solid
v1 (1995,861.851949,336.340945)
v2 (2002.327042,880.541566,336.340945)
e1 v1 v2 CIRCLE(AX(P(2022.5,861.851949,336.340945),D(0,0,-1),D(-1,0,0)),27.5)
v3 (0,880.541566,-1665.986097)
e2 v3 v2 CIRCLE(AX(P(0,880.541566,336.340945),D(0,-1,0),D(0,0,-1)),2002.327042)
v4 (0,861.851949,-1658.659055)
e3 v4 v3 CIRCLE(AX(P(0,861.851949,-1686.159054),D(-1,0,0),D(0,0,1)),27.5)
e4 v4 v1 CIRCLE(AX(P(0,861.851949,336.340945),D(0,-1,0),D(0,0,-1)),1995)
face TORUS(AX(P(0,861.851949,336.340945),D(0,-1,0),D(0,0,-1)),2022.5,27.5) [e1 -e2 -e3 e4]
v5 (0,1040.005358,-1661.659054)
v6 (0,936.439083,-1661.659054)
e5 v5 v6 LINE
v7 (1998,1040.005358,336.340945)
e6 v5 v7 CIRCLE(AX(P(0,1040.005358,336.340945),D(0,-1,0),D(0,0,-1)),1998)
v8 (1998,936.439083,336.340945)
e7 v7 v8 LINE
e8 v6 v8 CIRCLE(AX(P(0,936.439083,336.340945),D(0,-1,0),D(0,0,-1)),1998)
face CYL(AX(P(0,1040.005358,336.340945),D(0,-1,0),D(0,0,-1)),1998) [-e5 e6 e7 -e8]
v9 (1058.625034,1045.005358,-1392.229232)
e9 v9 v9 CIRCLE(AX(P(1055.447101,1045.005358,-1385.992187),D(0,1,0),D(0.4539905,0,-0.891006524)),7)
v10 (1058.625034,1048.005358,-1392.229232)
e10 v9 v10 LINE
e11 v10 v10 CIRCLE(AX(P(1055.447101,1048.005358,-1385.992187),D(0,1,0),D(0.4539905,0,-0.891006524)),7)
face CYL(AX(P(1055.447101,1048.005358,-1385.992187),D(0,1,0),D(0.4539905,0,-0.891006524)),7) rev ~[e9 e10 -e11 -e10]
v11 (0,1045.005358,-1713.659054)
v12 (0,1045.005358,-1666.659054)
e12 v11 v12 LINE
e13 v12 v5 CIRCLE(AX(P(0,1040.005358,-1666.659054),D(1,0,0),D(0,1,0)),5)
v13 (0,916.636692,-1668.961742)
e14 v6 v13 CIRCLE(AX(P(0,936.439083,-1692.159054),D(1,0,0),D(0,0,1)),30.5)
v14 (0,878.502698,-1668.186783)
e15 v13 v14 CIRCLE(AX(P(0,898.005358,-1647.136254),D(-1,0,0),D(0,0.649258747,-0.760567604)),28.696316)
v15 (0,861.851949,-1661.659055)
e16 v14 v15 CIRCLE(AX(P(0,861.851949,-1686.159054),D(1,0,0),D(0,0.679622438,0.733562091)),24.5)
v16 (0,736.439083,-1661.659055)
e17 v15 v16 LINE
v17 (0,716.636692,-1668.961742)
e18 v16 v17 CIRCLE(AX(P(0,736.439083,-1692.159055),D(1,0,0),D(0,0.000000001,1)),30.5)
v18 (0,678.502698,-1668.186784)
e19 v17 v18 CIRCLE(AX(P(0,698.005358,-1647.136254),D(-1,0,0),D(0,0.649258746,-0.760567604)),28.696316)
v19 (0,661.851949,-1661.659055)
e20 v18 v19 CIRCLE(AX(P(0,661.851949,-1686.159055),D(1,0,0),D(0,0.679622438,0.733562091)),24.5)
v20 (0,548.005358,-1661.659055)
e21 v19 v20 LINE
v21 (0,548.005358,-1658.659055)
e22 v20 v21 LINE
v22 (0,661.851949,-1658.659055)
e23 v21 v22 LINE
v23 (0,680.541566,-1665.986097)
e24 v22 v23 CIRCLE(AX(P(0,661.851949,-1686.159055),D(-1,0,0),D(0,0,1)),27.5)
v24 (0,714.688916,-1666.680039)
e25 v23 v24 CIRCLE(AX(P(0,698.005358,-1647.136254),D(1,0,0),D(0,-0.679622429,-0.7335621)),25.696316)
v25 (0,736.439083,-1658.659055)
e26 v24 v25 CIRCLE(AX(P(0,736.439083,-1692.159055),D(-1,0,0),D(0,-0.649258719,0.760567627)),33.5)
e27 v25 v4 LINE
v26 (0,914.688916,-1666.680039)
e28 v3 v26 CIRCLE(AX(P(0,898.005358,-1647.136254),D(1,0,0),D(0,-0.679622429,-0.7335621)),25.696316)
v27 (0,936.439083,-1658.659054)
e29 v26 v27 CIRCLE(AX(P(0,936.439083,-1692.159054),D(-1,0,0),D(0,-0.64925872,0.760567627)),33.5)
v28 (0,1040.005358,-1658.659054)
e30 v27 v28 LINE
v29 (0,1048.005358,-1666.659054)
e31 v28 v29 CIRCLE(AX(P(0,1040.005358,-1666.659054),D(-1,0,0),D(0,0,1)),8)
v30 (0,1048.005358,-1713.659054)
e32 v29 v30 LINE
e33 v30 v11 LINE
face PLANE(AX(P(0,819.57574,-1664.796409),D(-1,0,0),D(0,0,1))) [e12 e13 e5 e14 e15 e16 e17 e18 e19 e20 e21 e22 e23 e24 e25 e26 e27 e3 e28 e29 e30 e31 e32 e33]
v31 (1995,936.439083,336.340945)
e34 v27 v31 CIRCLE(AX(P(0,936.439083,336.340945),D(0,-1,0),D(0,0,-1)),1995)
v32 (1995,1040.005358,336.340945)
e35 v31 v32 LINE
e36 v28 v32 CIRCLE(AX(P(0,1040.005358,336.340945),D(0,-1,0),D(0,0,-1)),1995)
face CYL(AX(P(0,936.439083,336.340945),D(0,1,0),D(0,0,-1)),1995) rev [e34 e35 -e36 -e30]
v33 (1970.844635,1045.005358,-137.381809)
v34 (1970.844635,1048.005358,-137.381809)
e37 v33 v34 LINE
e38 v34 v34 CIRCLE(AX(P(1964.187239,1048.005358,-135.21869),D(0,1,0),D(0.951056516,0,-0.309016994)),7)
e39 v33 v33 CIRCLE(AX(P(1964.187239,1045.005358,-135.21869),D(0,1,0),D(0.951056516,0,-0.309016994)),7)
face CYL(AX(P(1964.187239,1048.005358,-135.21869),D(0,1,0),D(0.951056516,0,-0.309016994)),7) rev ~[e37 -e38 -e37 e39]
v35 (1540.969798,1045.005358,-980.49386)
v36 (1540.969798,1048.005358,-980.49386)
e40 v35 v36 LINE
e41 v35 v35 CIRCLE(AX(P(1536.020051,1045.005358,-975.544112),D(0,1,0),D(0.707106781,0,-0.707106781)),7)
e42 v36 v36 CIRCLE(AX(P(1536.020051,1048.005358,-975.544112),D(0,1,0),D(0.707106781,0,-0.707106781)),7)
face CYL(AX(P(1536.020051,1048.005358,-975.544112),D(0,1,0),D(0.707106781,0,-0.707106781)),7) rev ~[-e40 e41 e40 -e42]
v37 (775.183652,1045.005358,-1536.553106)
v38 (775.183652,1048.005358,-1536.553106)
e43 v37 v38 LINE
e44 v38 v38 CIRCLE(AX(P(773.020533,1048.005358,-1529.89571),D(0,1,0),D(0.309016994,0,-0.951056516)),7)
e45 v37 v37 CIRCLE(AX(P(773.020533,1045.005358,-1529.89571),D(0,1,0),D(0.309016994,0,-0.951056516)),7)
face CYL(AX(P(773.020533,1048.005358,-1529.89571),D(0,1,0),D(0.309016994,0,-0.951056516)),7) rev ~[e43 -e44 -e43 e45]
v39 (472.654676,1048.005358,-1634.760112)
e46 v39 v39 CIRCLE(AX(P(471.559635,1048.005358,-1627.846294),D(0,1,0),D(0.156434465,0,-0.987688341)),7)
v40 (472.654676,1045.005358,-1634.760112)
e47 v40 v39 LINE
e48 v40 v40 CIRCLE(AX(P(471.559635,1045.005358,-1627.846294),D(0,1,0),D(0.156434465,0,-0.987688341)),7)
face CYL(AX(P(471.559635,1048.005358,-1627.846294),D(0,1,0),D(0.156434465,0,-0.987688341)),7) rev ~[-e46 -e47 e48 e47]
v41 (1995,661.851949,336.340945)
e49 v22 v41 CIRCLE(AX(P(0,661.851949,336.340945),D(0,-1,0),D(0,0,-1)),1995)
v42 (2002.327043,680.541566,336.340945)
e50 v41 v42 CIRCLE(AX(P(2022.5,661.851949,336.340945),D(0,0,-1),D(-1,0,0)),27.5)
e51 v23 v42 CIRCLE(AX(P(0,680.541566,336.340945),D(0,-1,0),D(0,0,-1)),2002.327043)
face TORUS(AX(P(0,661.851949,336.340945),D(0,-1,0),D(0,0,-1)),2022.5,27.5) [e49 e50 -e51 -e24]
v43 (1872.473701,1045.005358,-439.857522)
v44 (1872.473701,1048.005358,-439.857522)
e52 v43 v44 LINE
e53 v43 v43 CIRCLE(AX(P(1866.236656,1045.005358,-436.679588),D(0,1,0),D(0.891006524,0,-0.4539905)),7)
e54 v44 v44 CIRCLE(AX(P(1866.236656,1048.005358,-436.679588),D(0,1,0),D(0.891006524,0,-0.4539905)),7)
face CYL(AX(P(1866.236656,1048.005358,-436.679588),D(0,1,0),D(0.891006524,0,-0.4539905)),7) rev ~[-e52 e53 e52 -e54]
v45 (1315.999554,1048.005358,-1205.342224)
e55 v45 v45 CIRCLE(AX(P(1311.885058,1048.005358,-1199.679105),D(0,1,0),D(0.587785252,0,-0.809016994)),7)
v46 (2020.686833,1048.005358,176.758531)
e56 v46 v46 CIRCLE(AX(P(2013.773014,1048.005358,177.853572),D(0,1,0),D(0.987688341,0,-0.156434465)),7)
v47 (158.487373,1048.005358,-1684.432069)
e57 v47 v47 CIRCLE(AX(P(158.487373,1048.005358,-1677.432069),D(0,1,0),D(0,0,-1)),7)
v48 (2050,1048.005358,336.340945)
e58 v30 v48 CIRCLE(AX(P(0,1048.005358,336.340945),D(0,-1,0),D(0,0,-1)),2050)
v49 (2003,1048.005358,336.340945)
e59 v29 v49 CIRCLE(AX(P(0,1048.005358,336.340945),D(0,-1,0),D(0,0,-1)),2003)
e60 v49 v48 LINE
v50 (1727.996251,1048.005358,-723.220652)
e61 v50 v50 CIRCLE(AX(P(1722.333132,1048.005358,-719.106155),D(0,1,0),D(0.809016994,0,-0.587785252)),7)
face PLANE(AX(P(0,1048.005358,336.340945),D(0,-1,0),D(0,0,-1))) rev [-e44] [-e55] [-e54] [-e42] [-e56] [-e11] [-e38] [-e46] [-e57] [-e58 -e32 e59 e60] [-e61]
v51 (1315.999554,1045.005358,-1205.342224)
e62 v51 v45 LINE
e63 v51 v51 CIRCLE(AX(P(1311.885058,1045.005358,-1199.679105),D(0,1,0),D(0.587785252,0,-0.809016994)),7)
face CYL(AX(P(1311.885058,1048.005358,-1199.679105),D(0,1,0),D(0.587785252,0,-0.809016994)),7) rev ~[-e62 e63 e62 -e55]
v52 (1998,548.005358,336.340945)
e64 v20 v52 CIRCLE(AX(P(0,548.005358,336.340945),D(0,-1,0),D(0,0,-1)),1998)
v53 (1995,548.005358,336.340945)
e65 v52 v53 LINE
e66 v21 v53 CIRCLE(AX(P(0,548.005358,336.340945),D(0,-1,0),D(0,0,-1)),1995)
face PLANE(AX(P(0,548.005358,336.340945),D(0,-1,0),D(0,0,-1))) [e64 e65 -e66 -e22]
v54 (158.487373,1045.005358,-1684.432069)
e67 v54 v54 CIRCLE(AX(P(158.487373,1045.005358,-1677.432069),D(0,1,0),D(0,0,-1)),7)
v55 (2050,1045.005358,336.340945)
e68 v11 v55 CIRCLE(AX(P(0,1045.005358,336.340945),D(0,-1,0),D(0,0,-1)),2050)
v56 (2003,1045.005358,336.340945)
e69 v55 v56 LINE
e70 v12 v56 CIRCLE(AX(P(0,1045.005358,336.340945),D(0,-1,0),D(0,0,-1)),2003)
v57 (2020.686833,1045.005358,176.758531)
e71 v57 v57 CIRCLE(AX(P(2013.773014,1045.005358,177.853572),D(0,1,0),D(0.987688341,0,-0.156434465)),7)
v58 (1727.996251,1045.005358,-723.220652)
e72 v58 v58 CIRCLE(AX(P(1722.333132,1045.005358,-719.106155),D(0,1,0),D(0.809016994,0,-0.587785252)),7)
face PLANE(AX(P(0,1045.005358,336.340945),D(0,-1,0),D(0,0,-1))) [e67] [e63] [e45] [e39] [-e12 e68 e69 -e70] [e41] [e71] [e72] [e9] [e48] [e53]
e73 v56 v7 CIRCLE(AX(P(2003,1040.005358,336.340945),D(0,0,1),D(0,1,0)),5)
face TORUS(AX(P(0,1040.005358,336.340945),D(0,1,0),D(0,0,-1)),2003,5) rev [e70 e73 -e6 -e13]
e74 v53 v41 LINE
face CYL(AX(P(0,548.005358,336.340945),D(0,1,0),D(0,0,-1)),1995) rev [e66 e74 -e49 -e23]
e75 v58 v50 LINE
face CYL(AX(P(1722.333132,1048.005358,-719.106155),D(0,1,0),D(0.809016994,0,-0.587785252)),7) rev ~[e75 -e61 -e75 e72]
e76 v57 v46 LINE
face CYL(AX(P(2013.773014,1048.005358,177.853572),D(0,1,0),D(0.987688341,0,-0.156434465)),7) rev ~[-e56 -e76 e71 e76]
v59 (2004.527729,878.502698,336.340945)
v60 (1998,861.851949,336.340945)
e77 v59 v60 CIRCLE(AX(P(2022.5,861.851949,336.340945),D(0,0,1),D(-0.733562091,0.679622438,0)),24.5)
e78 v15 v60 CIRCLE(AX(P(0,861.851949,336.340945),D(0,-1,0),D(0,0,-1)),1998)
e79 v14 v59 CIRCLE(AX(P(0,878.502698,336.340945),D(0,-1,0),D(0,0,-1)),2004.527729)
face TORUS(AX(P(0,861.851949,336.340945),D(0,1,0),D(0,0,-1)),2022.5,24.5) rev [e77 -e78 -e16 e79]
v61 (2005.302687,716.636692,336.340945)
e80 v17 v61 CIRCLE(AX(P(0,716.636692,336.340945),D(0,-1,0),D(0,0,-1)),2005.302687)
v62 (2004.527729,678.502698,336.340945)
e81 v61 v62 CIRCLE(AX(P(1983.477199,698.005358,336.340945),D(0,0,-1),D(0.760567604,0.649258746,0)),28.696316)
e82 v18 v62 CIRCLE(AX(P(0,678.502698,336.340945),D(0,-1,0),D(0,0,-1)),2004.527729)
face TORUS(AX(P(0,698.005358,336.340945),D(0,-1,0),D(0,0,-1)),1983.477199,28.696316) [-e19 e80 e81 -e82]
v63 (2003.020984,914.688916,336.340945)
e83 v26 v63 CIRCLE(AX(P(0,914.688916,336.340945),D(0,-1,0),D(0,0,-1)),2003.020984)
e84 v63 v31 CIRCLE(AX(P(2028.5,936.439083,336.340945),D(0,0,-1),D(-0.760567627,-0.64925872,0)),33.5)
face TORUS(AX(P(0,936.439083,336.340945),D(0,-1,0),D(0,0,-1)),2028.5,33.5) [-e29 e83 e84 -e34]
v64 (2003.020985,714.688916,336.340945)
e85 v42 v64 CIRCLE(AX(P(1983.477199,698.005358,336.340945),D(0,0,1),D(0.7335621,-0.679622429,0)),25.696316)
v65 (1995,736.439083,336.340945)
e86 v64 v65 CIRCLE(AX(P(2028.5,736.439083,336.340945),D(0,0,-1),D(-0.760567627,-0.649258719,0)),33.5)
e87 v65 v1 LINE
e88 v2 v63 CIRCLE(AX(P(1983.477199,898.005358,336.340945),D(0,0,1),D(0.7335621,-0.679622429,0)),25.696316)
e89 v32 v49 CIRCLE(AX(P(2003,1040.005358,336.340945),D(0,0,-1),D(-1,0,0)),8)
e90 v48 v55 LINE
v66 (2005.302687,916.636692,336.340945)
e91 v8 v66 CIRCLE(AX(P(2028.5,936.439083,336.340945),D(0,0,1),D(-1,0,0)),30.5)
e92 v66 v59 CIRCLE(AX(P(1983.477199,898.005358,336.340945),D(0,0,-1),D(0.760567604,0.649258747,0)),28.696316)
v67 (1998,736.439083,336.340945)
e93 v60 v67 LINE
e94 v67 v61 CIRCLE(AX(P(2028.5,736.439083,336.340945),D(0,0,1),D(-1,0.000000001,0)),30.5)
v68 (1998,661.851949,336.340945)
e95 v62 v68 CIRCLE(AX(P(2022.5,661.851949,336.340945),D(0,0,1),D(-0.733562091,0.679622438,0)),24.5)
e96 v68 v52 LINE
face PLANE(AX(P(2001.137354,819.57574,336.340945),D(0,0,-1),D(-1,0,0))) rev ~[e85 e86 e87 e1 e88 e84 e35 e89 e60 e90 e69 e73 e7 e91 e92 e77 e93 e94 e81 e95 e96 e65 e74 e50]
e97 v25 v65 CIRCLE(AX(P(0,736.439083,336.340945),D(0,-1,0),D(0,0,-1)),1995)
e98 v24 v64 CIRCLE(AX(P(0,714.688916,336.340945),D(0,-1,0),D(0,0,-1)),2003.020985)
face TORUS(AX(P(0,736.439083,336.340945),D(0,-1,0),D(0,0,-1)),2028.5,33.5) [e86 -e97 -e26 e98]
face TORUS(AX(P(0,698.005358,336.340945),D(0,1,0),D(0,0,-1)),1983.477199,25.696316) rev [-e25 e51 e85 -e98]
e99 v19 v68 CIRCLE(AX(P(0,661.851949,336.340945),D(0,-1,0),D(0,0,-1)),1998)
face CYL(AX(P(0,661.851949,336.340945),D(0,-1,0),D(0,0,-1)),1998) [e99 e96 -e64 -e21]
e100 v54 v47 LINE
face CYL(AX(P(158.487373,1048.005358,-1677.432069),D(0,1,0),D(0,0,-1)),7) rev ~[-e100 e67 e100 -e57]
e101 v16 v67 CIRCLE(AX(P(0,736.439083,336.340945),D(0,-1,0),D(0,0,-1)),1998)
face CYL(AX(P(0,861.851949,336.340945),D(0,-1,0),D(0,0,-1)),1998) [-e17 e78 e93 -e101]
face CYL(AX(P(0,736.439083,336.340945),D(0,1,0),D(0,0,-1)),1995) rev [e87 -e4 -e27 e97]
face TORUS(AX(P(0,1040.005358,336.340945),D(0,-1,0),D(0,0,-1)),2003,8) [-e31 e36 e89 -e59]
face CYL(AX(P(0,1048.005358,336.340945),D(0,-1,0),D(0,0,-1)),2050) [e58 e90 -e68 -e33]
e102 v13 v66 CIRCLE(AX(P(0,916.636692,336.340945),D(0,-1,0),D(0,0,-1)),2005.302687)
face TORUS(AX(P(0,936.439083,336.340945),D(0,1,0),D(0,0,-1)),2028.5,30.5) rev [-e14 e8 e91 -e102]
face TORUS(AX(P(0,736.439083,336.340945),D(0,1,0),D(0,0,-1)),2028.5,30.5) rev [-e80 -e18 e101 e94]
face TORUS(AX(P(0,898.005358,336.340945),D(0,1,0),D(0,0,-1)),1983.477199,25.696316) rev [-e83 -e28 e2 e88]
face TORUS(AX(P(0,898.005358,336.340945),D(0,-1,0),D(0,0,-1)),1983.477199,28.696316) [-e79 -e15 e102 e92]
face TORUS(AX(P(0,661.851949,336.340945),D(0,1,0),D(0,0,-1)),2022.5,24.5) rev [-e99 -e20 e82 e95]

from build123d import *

# Parameters (mm, degrees)
REVOLVE1_ANGLE     = 90
SKETCH2_R          = 7
CUT_EXTRUDE1_DEPTH = 2719.294935026
CIRPATTERN1_COUNT  = 10
CIRPATTERN1_ANGLE  = 81


with BuildPart() as part:
    # Sketch1 → Revolve1 (revolve)
    with BuildSketch(Plane(origin=(0, 0, 0), x_dir=(0, 0, -1), z_dir=(1, 0, 0))):
        with BuildLine():
            ThreePointArc((1668.18678357, 678.502698393), (1663.349291107, 670.794245847), (1661.659054885, 661.851948853))
            Line((1661.659054885, 661.851948853), (1661.659054885, 548.005358054))
            Line((1661.659054885, 548.005358054), (1658.659054885, 548.005358054))
            Line((1658.659054885, 548.005358054), (1658.659054885, 661.851948852))
            ThreePointArc((1658.659054885, 661.851948852), (1660.556258803, 671.889220983), (1665.986097271, 680.541565679))
            ThreePointArc((1665.986097271, 680.541565679), (1672.827265195, 697.483265753), (1666.680039152, 714.688915753))
            ThreePointArc((1666.680039152, 714.688915753), (1660.728201813, 724.848073855), (1658.659054648, 736.439082916))
            Line((1658.659054648, 736.439082916), (1658.659054648, 861.851948852))
            ThreePointArc((1658.659054648, 861.851948852), (1660.556258566, 871.889220983), (1665.986097033, 880.541565679))
            ThreePointArc((1665.986097033, 880.541565679), (1672.827264958, 897.483265753), (1666.680038915, 914.688915753))
            ThreePointArc((1666.680038915, 914.688915753), (1660.728201582, 924.848073824), (1658.659054411, 936.439082853))
            Line((1658.659054411, 936.439082853), (1658.659054411, 1040.005358054))
            ThreePointArc((1658.659054411, 1040.005358054), (1661.002200161, 1045.662212304), (1666.659054411, 1048.005358054))
            Line((1666.659054411, 1048.005358054), (1713.659054411, 1048.005358054))
            Line((1713.659054411, 1048.005358054), (1713.659054411, 1045.005358054))
            Line((1713.659054411, 1045.005358054), (1666.659054411, 1045.005358054))
            ThreePointArc((1666.659054411, 1045.005358054), (1663.123520505, 1043.54089196), (1661.659054411, 1040.005358054))
            Line((1661.659054411, 1040.005358054), (1661.659054411, 936.439082853))
            ThreePointArc((1661.659054411, 936.439082853), (1663.54290482, 925.886074633), (1668.961741794, 916.636691913))
            ThreePointArc((1668.961741794, 916.636691913), (1675.826645674, 897.422312329), (1668.186783333, 878.502698393))
            ThreePointArc((1668.186783333, 878.502698393), (1663.349290869, 870.794245847), (1661.659054648, 861.851948853))
            Line((1661.659054648, 861.851948853), (1661.659054648, 736.43908291))
            ThreePointArc((1661.659054648, 736.43908291), (1663.542905053, 725.88607466), (1668.961742034, 716.636691911))
            ThreePointArc((1668.961742034, 716.636691911), (1675.826645911, 697.422312328), (1668.18678357, 678.502698393))
        make_face()
    revolve(axis=Axis((0, 1001.495453618, 336.340945352), (0, -1, 0)), revolution_arc=REVOLVE1_ANGLE)

    # Sketch2 → Cut-Extrude1 (cut, symmetric)
    with BuildSketch(Plane(origin=(0, 1048.005358054, 0), x_dir=(1, 0, 0), z_dir=(0, 1, 0))):
        with Locations(Location((158.48737337, 1677.432068789, 0), (0, 0, 90))):
            Circle(SKETCH2_R)
    cut_extrude1 = extrude(amount=CUT_EXTRUDE1_DEPTH, both=True, mode=Mode.SUBTRACT)

    # CirPattern1: Cut-Extrude1 ×10 about axis
    cirpattern1_axis = Axis((0, 0, 336.340945352), (0, -1, 0))
    for i in range(1, CIRPATTERN1_COUNT):
        add(cut_extrude1.rotate(cirpattern1_axis, i * CIRPATTERN1_ANGLE / (CIRPATTERN1_COUNT - 1)), mode=Mode.SUBTRACT)


solid = part.part
